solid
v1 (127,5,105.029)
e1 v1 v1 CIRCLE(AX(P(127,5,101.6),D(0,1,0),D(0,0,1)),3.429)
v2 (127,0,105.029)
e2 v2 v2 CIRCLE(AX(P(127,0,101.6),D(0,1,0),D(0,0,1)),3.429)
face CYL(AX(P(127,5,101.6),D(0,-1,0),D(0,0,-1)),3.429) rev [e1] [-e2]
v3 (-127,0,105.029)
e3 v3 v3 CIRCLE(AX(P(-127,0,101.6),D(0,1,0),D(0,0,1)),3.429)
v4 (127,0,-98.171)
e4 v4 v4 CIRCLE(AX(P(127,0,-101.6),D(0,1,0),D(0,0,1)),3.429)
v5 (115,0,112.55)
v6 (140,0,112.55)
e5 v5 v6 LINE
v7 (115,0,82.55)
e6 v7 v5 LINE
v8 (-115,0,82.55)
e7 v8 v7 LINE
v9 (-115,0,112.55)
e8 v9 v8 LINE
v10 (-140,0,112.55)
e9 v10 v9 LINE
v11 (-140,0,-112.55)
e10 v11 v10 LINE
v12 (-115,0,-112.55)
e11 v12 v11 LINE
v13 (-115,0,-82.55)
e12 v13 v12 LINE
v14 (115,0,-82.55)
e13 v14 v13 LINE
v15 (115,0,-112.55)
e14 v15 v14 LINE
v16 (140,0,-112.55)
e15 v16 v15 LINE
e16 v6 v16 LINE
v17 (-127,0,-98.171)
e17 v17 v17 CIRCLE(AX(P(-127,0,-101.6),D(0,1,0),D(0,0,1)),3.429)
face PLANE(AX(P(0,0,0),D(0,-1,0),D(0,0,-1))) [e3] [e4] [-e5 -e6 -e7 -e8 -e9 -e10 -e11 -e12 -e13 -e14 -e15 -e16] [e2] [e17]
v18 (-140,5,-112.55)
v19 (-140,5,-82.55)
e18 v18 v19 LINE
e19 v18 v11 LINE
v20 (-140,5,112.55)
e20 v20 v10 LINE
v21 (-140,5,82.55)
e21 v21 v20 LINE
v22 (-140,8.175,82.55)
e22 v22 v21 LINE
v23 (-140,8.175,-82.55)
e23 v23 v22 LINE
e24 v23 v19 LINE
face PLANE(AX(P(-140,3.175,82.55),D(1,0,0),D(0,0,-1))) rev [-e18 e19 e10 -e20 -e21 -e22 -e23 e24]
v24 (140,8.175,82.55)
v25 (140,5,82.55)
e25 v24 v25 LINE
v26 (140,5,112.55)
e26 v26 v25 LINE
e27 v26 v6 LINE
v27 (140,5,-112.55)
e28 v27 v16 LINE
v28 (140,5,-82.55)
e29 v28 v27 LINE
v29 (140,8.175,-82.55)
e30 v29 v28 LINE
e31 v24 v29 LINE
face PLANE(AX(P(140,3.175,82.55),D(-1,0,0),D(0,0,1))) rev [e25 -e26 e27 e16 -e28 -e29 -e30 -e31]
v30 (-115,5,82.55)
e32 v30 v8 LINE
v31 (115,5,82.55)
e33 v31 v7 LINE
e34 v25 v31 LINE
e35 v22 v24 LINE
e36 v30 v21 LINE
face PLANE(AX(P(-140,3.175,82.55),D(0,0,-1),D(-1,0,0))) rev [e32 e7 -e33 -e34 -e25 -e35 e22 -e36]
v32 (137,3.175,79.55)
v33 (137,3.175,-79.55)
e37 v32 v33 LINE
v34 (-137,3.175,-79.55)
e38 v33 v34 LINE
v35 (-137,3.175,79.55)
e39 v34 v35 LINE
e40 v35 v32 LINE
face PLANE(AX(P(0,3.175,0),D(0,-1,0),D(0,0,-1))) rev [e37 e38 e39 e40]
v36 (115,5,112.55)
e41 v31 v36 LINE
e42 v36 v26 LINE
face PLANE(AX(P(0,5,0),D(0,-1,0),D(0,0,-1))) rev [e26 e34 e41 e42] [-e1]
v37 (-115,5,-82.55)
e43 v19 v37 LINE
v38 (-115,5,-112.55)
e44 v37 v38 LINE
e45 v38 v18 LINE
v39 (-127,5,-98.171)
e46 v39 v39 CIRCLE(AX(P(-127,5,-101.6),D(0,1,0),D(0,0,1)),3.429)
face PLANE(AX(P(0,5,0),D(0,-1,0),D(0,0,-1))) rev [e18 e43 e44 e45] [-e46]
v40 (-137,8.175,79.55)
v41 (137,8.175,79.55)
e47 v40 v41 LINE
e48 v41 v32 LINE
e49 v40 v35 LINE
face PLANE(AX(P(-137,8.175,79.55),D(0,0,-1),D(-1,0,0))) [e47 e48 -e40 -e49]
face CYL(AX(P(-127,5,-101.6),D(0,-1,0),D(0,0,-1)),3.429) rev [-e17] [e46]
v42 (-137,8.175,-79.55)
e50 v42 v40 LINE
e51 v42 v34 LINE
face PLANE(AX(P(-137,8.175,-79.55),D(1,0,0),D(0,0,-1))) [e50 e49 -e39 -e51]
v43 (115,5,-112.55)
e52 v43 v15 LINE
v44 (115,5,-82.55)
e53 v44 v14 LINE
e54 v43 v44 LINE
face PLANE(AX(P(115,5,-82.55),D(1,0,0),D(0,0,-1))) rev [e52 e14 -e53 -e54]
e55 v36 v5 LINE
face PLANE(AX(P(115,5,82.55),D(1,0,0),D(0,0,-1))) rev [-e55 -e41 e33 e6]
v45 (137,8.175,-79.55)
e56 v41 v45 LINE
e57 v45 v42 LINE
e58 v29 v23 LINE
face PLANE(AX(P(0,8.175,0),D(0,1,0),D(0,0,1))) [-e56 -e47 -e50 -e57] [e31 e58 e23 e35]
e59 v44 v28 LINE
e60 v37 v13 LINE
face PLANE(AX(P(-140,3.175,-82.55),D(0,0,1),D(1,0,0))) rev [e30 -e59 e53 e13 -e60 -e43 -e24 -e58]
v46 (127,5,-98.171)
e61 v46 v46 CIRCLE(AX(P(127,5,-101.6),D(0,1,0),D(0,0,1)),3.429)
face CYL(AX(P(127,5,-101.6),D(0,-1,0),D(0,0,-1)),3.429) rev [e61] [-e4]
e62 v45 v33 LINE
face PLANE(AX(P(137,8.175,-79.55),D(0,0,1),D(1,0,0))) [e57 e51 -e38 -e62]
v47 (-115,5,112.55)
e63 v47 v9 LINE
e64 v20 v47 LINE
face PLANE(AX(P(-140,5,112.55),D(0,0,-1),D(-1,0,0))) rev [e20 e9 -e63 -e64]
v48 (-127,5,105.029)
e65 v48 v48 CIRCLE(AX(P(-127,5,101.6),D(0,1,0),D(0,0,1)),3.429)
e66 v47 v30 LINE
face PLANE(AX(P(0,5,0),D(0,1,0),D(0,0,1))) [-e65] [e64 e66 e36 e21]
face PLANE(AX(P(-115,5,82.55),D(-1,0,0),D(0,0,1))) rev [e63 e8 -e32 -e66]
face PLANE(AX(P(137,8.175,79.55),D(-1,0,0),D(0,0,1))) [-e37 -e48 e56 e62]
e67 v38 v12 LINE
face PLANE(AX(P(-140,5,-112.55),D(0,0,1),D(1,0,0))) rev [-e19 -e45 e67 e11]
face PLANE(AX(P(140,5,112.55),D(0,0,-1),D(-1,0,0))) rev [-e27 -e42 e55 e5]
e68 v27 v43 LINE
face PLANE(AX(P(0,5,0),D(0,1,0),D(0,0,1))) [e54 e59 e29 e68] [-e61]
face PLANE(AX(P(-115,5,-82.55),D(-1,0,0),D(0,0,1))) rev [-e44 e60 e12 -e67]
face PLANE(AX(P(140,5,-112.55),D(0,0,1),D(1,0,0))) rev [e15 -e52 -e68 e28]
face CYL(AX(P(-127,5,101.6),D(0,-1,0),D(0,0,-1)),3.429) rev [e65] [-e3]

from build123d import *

# Parameters (mm, degrees)
SKETCH1_W           = 280
SKETCH1_H           = 165.1
BOSS_EXTRUDE1_DEPTH = 3.175
SKETCH2_W           = 280
SKETCH2_H           = 165.1
SKETCH2_W_2         = 274
SKETCH2_H_2         = 159.1
BOSS_EXTRUDE2_DEPTH = 5
SKETCH3_W           = 25
SKETCH3_H           = 30
SKETCH3_R           = 3.429
BOSS_EXTRUDE3_DEPTH = 5


with BuildPart() as part:
    # Sketch1 → Boss-Extrude1 (new body)
    with BuildSketch(Plane(origin=(0, 0, 0), x_dir=(1, 0, 0), z_dir=(0, 1, 0))):
        Rectangle(SKETCH1_W, SKETCH1_H)
    extrude(amount=BOSS_EXTRUDE1_DEPTH)

    # Sketch2 → Boss-Extrude2 (add)
    with BuildSketch(Plane(origin=(0, 3.175, 0), x_dir=(1, 0, 0), z_dir=(0, 1, 0))):
        Rectangle(SKETCH2_W, SKETCH2_H)
        Rectangle(SKETCH2_W_2, SKETCH2_H_2, mode=Mode.SUBTRACT)
    extrude(amount=BOSS_EXTRUDE2_DEPTH)

    # Sketch3 → Boss-Extrude3 (add)
    # profile 1 of 4: a face of its own
    with BuildSketch(Plane(origin=(0, 0, 0), x_dir=(1, 0, 0), z_dir=(0, 1, 0))):
        with Locations((-127.5, 97.55)):
            Rectangle(SKETCH3_W, SKETCH3_H)
        with Locations(Location((-127, 101.6, 0), (0, 0, 270))):
            Circle(SKETCH3_R, mode=Mode.SUBTRACT)
    # profile 2 of 4: a face of its own
    with BuildSketch(Plane(origin=(0, 0, 0), x_dir=(1, 0, 0), z_dir=(0, 1, 0))):
        with Locations((127.5, 97.55)):
            Rectangle(SKETCH3_W, SKETCH3_H)
        with Locations(Location((127, 101.6, 0), (0, 0, 270))):
            Circle(SKETCH3_R, mode=Mode.SUBTRACT)
    # profile 3 of 4: a face of its own
    with BuildSketch(Plane(origin=(0, 0, 0), x_dir=(1, 0, 0), z_dir=(0, 1, 0))):
        with Locations((-127.5, -97.55)):
            Rectangle(SKETCH3_W, SKETCH3_H)
        with Locations(Location((-127, -101.6, 0), (0, 0, 270))):
            Circle(SKETCH3_R, mode=Mode.SUBTRACT)
    # profile 4 of 4: a face of its own
    with BuildSketch(Plane(origin=(0, 0, 0), x_dir=(1, 0, 0), z_dir=(0, 1, 0))):
        with Locations((127.5, -97.55)):
            Rectangle(SKETCH3_W, SKETCH3_H)
        with Locations(Location((127, -101.6, 0), (0, 0, 270))):
            Circle(SKETCH3_R, mode=Mode.SUBTRACT)
    extrude(amount=BOSS_EXTRUDE3_DEPTH)


solid = part.part
